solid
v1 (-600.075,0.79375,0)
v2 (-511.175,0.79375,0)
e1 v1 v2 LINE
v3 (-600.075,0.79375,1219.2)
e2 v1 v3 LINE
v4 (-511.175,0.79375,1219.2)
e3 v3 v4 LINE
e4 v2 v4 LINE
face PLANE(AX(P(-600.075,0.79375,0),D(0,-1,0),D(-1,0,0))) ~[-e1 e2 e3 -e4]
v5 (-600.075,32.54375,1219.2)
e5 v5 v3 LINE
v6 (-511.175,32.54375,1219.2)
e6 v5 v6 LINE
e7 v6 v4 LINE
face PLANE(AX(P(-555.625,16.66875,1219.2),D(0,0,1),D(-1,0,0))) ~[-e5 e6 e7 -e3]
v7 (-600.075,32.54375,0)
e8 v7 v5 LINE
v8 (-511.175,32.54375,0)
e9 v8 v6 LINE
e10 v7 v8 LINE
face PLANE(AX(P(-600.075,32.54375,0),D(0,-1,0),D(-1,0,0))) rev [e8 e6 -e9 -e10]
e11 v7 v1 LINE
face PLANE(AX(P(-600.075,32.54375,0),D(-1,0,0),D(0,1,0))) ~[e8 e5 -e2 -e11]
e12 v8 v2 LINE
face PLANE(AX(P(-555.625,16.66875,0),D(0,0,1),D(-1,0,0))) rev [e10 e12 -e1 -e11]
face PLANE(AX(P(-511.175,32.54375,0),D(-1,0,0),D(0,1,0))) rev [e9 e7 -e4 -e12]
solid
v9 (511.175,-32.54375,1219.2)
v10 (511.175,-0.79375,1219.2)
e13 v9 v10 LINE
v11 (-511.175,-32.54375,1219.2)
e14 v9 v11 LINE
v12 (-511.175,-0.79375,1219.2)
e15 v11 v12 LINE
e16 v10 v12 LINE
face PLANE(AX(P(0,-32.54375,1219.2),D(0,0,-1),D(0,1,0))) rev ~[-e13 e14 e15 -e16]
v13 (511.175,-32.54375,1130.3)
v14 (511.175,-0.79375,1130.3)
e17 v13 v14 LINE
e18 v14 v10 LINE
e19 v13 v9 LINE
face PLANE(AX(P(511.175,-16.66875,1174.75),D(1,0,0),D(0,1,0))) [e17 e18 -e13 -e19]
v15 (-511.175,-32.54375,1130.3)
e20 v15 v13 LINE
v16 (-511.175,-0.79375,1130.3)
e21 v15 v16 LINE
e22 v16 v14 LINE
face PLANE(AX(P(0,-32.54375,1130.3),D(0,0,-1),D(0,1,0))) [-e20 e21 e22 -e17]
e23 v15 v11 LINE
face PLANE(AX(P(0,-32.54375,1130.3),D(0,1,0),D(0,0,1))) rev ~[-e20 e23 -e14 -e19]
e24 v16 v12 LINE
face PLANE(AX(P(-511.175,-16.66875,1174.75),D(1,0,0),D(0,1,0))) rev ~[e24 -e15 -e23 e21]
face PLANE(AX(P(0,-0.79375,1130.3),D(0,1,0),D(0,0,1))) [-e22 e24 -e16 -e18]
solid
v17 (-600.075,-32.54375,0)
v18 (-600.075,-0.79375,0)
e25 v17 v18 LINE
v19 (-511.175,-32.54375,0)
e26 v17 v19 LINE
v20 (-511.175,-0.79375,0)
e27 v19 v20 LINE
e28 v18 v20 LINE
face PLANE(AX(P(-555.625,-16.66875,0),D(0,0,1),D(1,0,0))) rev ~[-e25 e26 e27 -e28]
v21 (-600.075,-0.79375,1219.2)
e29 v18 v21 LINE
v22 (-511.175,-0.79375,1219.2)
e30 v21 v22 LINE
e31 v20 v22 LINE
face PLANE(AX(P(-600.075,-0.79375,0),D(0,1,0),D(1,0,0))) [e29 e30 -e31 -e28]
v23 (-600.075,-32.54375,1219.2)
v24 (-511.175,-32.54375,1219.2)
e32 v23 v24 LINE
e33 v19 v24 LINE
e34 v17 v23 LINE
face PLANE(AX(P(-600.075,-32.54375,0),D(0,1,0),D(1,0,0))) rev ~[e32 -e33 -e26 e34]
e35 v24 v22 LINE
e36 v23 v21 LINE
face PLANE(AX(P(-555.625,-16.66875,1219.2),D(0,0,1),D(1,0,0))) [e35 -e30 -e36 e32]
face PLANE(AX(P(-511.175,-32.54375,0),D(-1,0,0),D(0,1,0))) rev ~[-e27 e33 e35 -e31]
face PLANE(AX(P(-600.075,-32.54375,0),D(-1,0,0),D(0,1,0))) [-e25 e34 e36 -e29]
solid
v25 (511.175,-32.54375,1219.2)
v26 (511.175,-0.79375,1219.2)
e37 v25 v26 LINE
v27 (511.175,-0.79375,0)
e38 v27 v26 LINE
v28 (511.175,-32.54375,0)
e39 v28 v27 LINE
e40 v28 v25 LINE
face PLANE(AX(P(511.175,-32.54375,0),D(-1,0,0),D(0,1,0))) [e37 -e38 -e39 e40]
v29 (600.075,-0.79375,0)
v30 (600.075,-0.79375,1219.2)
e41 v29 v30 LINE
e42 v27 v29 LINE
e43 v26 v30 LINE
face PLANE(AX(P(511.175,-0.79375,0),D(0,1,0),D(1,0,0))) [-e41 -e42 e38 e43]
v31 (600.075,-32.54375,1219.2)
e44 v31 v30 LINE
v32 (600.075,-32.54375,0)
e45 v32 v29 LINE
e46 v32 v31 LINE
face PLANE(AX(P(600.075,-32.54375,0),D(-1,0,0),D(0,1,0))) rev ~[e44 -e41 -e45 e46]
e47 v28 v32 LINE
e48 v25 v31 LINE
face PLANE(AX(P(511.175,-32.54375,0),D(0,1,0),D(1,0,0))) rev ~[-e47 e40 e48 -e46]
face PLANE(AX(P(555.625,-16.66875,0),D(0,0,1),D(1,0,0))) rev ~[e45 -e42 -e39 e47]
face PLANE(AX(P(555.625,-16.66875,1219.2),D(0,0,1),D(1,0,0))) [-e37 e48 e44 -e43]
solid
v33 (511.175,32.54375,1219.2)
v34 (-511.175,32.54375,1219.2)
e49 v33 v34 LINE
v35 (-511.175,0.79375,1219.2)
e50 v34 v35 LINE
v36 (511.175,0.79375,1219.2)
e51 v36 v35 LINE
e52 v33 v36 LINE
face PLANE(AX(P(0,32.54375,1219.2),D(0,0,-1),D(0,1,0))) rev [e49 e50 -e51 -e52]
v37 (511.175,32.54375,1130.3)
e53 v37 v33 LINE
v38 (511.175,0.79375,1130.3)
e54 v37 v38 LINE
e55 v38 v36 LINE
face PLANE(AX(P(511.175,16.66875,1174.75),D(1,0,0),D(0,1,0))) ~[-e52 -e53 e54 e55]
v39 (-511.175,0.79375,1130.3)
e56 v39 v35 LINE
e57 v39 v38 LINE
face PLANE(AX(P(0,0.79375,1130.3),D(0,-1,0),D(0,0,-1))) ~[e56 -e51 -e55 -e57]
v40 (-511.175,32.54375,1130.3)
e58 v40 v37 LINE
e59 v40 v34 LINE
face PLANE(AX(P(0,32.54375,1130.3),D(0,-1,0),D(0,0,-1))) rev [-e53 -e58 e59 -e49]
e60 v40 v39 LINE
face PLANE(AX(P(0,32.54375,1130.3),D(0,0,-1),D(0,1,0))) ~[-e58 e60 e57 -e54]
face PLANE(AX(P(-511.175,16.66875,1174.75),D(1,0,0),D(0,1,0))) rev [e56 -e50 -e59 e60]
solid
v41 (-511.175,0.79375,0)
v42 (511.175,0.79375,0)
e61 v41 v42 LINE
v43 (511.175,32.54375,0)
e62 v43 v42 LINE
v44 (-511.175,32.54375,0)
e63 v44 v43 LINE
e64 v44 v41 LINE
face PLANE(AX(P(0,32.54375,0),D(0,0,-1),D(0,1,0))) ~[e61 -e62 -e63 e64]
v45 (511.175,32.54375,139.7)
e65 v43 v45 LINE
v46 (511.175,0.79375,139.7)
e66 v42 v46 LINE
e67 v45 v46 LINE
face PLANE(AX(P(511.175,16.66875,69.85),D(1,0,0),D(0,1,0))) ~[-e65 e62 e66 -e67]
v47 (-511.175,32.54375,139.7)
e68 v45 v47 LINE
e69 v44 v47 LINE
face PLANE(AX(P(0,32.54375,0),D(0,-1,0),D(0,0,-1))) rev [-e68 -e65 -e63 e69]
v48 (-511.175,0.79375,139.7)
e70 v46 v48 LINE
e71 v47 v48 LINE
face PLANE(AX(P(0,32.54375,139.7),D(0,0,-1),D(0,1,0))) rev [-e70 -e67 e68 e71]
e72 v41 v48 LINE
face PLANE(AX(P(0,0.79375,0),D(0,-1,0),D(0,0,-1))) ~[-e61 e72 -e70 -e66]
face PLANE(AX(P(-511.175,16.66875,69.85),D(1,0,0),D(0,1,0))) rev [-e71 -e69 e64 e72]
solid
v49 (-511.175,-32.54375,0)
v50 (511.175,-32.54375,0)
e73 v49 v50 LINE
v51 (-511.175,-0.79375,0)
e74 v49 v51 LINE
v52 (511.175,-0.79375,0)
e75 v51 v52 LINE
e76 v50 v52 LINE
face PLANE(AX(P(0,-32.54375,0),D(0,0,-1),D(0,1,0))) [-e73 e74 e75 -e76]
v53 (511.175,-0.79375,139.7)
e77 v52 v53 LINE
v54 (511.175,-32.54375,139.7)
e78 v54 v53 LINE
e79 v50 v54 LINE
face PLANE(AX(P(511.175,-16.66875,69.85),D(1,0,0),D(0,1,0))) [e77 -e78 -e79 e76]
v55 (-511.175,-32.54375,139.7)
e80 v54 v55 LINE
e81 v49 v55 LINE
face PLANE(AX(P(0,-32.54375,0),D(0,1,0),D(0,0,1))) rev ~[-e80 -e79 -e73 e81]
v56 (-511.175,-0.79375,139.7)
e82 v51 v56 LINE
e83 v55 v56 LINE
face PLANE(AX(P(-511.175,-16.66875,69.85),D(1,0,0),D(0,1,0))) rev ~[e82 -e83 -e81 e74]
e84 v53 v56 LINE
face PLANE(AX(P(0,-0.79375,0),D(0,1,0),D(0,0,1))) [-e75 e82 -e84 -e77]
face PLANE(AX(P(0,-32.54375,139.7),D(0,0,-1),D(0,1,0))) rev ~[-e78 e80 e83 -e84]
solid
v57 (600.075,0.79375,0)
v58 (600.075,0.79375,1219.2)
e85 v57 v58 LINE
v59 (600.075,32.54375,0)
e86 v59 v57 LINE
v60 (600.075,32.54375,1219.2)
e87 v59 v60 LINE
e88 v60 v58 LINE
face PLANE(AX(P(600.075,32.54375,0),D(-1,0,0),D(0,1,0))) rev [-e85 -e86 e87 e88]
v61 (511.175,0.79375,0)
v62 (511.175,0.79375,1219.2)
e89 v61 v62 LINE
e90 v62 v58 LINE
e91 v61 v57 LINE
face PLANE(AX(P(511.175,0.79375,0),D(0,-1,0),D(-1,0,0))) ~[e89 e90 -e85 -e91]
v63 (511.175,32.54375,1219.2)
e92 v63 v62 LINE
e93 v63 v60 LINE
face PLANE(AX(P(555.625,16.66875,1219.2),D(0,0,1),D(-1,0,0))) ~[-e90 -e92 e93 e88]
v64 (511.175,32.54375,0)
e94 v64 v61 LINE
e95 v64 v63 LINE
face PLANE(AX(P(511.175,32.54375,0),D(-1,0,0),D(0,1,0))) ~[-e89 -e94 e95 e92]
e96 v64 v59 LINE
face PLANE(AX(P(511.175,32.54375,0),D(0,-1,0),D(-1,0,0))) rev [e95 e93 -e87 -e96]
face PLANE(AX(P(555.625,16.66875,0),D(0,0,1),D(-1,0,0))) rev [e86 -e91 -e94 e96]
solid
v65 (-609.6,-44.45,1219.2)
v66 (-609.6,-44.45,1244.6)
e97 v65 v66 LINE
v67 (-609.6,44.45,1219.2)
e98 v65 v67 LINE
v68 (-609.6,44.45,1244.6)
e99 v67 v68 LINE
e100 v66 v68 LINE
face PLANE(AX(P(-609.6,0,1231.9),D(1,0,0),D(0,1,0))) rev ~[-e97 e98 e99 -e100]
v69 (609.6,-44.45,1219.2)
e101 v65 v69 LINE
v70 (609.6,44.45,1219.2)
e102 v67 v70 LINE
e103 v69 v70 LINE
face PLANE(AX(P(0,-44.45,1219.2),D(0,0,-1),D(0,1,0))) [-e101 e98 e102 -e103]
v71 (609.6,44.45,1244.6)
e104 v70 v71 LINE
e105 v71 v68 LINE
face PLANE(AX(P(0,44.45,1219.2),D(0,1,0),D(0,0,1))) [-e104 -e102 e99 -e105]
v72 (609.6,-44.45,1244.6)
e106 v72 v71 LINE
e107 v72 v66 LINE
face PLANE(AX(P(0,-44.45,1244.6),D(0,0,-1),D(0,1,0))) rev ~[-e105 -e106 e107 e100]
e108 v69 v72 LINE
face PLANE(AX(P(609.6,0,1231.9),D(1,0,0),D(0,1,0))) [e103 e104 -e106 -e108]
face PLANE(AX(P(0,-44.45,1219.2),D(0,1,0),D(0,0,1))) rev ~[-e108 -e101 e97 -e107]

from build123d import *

# Parameters (mm, degrees)
F0_W          = 88.9
F0_H          = 31.75
F1_DEPTH      = 1219.2
F2_W          = 31.75
F2_H          = 139.7
F2_H_2        = 88.9
F3_DEPTH      = 511.175
F3_DEPTH_BACK = 511.175
F5_W          = 88.9
F5_H          = 25.4
F6_DEPTH      = 609.6


with BuildPart() as f1:
    # F0 (on Top) → F1 (new body)
    with BuildSketch(Plane.XY):
        with Locations((-555.625, -16.66875)):
            Rectangle(F0_W, F0_H)
        with Locations((555.625, -16.66875)):
            Rectangle(F0_W, F0_H)
    extrude(amount=F1_DEPTH)


with BuildPart() as f3:
    # F2 (on Right) → F3 (new body, two sides)
    with BuildSketch(Plane.YZ) as f3_sk:
        with Locations((-16.66875, 69.85)):
            Rectangle(F2_W, F2_H)
        with Locations((-16.66875, 1174.75)):
            Rectangle(F2_W, F2_H_2)
    extrude(amount=F3_DEPTH)
    extrude(f3_sk.sketch, amount=-F3_DEPTH_BACK)


with BuildPart() as f4_1:
    # F4: instance of F1
    add(f1.part.mirror(Plane.XZ))


with BuildPart() as f4_2:
    # F4: instance of F3
    add(f3.part.mirror(Plane.XZ))


with BuildPart() as f6:
    # F5 (on Right) → F6 (new body, symmetric)
    with BuildSketch(Plane.YZ):
        with Locations((0, 1231.9)):
            Rectangle(F5_W, F5_H)
    extrude(amount=F6_DEPTH, both=True)


solid = Compound([f1.part, f3.part, f4_1.part, f4_2.part, f6.part])
